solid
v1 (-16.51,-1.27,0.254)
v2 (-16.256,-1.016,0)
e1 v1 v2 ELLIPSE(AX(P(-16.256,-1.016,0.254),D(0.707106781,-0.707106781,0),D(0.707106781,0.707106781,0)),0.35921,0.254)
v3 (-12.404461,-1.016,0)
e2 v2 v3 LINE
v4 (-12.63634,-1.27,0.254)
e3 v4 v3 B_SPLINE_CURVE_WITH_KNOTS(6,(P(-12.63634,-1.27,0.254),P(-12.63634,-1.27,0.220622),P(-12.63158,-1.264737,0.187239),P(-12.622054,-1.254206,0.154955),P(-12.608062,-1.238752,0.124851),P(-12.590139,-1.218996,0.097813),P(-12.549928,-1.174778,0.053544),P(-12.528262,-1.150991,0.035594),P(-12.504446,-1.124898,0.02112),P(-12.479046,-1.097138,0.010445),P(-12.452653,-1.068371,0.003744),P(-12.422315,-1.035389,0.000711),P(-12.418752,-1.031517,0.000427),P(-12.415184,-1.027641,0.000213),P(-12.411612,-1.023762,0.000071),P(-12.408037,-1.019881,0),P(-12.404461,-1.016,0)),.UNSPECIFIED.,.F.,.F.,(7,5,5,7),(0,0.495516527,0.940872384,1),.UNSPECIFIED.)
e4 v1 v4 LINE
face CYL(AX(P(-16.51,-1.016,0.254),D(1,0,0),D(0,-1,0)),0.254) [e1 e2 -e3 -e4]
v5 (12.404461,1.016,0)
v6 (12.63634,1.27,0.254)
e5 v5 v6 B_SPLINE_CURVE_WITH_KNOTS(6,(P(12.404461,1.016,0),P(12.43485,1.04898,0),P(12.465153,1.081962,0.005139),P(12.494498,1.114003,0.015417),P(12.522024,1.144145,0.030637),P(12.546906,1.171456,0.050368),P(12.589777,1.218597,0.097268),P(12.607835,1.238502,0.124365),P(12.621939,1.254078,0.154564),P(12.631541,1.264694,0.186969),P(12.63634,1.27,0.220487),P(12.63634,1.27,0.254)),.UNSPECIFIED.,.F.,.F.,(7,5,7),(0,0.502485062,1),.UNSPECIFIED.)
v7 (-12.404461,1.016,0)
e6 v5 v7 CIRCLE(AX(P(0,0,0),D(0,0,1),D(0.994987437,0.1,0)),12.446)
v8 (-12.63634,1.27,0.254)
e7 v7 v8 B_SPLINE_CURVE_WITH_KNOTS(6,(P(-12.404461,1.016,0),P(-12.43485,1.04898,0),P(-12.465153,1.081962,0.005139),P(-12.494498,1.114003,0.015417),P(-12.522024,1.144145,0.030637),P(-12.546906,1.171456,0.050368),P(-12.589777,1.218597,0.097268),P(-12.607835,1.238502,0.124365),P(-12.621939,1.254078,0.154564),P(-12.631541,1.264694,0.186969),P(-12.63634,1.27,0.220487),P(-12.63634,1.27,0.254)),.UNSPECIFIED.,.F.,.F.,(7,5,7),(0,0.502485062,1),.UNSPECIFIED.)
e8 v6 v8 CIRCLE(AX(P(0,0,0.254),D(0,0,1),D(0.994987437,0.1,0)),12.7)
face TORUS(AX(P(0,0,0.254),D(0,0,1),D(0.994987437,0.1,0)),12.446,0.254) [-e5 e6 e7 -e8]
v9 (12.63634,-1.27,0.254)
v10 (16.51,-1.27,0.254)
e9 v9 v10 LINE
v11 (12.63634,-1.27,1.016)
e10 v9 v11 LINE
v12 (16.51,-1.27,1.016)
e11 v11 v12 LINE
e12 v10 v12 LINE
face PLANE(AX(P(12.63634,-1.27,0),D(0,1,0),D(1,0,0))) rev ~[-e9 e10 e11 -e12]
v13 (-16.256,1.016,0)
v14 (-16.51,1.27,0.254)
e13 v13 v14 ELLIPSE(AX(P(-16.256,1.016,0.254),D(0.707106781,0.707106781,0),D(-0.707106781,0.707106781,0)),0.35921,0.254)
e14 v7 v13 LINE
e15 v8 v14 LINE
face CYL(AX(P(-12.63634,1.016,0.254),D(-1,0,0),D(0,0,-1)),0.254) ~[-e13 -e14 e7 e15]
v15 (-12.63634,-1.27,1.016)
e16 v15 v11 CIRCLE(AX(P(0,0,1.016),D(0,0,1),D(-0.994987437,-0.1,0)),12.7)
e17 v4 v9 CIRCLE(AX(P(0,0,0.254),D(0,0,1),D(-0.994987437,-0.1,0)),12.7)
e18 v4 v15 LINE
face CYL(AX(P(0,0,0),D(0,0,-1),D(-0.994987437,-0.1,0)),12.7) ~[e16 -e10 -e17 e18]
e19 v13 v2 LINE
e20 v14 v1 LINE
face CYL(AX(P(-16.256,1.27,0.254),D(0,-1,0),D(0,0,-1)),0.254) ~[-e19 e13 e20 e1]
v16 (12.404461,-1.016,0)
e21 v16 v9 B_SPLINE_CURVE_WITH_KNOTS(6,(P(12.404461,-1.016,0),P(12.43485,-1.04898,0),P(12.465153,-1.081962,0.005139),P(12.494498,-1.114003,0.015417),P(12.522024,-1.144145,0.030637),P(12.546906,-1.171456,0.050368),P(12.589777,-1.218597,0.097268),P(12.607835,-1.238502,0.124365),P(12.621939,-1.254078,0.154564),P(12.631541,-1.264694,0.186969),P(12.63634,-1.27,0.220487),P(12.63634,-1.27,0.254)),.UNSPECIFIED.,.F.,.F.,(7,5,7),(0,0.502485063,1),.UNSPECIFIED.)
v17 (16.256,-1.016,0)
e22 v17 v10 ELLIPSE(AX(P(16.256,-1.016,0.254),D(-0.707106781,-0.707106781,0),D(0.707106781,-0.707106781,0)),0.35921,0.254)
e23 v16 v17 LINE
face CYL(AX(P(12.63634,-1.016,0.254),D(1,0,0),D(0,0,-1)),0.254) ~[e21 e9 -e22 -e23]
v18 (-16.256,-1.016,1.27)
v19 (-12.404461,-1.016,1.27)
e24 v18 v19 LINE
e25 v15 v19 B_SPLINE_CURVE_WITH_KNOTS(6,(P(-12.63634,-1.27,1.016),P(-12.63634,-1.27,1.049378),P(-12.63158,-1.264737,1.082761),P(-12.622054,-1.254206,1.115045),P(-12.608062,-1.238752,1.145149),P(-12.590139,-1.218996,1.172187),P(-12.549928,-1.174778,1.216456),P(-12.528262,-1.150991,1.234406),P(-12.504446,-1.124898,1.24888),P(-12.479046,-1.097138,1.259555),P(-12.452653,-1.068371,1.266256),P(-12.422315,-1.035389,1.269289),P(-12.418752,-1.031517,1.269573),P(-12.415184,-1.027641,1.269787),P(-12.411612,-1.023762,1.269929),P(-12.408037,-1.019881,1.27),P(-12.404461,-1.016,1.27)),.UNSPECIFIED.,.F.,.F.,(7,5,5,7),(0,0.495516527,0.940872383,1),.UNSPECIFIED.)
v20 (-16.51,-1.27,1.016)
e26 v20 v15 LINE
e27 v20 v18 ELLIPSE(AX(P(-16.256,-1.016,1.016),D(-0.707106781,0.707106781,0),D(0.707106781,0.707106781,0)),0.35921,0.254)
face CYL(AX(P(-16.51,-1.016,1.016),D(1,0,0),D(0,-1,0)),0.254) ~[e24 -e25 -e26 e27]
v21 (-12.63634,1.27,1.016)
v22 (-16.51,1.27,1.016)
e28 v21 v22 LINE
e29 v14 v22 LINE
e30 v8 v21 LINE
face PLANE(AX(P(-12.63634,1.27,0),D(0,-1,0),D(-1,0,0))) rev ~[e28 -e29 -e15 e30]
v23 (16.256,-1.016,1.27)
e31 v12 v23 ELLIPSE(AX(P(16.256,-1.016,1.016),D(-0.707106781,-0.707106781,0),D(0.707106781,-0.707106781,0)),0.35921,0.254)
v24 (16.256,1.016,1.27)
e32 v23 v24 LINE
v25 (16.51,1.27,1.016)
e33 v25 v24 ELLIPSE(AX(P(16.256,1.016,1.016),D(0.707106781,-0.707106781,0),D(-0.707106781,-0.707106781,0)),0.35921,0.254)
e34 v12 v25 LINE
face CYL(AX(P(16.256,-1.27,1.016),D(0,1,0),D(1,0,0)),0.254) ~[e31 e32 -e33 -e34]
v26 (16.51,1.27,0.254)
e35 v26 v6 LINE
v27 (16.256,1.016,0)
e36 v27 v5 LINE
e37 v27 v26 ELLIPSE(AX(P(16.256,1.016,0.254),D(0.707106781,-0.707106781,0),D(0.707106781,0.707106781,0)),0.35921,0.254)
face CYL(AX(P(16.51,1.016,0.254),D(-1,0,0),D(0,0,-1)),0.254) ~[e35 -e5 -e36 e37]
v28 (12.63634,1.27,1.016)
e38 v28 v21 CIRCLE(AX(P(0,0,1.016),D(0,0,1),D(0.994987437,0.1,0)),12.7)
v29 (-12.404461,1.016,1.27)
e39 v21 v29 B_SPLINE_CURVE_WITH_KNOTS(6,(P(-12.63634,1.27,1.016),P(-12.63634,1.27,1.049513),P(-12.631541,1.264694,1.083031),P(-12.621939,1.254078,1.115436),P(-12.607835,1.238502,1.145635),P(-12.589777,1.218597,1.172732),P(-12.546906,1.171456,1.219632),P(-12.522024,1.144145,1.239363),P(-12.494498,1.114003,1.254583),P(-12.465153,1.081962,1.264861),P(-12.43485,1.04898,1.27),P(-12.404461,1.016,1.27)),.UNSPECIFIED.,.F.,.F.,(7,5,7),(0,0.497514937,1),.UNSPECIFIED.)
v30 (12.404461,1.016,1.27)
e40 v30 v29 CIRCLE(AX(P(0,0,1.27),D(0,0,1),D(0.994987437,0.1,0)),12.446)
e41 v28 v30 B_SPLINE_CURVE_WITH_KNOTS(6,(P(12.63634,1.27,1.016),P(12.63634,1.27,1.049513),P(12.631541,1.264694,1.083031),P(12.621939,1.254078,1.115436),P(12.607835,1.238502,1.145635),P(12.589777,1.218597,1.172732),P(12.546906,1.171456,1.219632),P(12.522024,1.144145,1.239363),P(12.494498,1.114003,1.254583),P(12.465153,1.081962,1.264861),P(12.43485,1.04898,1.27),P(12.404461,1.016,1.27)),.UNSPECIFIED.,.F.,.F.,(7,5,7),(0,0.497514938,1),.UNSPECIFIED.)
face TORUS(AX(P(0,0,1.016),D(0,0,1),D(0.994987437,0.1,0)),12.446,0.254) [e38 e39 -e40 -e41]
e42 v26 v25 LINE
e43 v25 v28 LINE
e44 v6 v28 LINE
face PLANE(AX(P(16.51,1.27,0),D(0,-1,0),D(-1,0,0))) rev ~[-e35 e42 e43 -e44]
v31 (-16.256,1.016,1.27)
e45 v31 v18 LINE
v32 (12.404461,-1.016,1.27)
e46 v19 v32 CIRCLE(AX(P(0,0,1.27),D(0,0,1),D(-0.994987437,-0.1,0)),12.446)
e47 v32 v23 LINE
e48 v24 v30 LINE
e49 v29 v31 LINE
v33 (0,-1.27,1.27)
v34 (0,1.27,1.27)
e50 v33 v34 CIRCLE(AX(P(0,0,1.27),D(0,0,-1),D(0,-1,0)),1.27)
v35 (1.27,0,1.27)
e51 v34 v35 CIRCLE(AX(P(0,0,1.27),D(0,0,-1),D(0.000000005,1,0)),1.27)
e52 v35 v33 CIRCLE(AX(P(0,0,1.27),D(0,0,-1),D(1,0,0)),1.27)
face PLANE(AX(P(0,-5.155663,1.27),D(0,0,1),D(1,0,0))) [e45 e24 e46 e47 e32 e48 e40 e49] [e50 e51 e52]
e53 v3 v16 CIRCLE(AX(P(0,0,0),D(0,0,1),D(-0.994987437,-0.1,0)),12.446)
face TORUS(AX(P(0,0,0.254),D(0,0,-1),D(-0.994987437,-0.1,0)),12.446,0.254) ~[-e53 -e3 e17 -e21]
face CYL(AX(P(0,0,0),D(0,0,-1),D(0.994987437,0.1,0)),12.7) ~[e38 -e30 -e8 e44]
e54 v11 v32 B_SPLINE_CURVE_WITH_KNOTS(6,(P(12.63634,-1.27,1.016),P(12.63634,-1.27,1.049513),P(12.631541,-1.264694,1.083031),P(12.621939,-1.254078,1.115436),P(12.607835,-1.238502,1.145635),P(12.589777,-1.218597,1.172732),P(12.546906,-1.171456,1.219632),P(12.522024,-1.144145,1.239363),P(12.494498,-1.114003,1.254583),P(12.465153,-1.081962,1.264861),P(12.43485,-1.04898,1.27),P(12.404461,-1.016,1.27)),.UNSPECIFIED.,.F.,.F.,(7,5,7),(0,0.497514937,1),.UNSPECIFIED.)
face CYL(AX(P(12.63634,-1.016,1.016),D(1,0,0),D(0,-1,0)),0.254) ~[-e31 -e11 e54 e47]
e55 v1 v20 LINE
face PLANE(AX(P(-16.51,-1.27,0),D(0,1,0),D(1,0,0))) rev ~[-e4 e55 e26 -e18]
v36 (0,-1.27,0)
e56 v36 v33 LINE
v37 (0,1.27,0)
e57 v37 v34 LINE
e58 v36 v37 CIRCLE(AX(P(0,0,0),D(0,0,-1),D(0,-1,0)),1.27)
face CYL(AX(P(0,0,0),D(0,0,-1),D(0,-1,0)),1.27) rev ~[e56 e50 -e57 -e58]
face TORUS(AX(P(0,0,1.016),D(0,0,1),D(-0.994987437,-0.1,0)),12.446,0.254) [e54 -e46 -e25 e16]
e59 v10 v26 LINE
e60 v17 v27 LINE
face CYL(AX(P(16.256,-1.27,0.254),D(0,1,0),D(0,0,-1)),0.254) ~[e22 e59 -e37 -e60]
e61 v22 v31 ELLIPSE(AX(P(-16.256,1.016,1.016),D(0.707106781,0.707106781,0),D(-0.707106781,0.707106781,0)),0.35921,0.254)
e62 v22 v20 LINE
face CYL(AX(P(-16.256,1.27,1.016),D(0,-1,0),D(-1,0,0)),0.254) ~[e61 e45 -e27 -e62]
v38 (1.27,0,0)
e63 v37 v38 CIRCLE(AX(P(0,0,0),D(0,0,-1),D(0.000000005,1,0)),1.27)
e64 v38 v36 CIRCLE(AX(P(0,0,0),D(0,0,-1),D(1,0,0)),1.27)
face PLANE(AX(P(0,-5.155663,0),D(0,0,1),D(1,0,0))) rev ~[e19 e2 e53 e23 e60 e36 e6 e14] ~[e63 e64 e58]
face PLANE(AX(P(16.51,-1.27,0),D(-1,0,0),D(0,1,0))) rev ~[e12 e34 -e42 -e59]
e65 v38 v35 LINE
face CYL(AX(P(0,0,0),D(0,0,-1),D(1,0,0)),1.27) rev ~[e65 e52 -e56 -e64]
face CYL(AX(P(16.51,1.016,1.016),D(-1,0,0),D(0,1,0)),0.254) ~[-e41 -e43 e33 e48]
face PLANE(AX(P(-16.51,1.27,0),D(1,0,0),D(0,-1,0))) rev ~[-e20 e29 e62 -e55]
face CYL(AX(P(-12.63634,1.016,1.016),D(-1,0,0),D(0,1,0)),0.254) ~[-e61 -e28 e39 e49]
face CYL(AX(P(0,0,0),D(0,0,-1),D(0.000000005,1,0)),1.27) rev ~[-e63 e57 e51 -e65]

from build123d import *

# Parameters (mm, degrees)
F3_DEPTH = 1.27
F1_R     = 0.254
F2_R     = 0.254


with BuildPart() as f3:
    # F0 (on Top) → F3 (new body)
    with BuildSketch(Plane.XY):
        with BuildLine():
            ThreePointArc((-12.6363404513, -1.27), (0, -12.7), (12.6363404513, -1.27))
            Line((12.6363404513, -1.27), (0, -1.27))
            Line((0, -1.27), (-12.6363404513, -1.27))
        make_face()
        with BuildLine():
            Line((6.5e-09, 1.27), (12.6363404513, 1.27))
            ThreePointArc((12.6363404513, 1.27), (0, 12.7), (-12.6363404513, 1.27))
            Line((-12.6363404513, 1.27), (6.5e-09, 1.27))
        make_face()
        with BuildLine():
            ThreePointArc((12.6363404513, 1.27), (12.6840751285, 0.6357972433), (12.7, 0))
            ThreePointArc((12.7, 0), (12.6840751285, -0.6357972433), (12.6363404513, -1.27))
            Line((12.6363404513, -1.27), (16.51, -1.27))
            Line((16.51, -1.27), (16.51, 1.27))
            Line((16.51, 1.27), (12.6363404513, 1.27))
        make_face()
        with BuildLine():
            Line((6.5e-09, 1.27), (-12.6363404513, 1.27))
            ThreePointArc((-12.6363404513, 1.27), (-12.7, 0), (-12.6363404513, -1.27))
            Line((-12.6363404513, -1.27), (0, -1.27))
            ThreePointArc((0, -1.27), (-1.27, 3.2e-09), (6.5e-09, 1.27))
        make_face()
        with BuildLine():
            ThreePointArc((-12.6363404513, -1.27), (-12.7, 0), (-12.6363404513, 1.27))
            Line((-12.6363404513, 1.27), (-16.51, 1.27))
            Line((-16.51, 1.27), (-16.51, -1.27))
            Line((-16.51, -1.27), (-12.6363404513, -1.27))
        make_face()
        with BuildLine():
            ThreePointArc((12.6363404513, -1.27), (12.6840751285, -0.6357972433), (12.7, 0))
            ThreePointArc((12.7, 0), (12.6840751285, 0.6357972433), (12.6363404513, 1.27))
            Line((12.6363404513, 1.27), (6.5e-09, 1.27))
            ThreePointArc((6.5e-09, 1.27), (0.8980256144, 0.8980256098), (1.27, 0))
            ThreePointArc((1.27, 0), (0.8980256121, -0.8980256121), (0, -1.27))
            Line((0, -1.27), (12.6363404513, -1.27))
        make_face()
    extrude(amount=F3_DEPTH)

    # F1
    f1_edges = [f3.edges().sort_by_distance(p)[0] for p in [
        (0, 12.7, 1.27),
        (-14.57317, 1.27, 1.27),
        (-14.57317, -1.27, 1.27),
        (0, -12.7, 1.27),
        (-16.51, 0, 1.27),
        (14.57317, 1.27, 1.27),
        (14.57317, -1.27, 1.27),
        (16.51, 0, 1.27),
    ]]
    fillet(f1_edges, radius=F1_R)

    # F2
    f2_edges = [f3.edges().sort_by_distance(p)[0] for p in [
        (14.57317, -1.27, 0),
        (16.51, 0, 0),
        (14.57317, 1.27, 0),
        (0, 12.7, 0),
        (-14.57317, 1.27, 0),
        (-14.57317, -1.27, 0),
        (0, -12.7, 0),
        (-16.51, 0, 0),
    ]]
    fillet(f2_edges, radius=F2_R)


solid = f3.part
